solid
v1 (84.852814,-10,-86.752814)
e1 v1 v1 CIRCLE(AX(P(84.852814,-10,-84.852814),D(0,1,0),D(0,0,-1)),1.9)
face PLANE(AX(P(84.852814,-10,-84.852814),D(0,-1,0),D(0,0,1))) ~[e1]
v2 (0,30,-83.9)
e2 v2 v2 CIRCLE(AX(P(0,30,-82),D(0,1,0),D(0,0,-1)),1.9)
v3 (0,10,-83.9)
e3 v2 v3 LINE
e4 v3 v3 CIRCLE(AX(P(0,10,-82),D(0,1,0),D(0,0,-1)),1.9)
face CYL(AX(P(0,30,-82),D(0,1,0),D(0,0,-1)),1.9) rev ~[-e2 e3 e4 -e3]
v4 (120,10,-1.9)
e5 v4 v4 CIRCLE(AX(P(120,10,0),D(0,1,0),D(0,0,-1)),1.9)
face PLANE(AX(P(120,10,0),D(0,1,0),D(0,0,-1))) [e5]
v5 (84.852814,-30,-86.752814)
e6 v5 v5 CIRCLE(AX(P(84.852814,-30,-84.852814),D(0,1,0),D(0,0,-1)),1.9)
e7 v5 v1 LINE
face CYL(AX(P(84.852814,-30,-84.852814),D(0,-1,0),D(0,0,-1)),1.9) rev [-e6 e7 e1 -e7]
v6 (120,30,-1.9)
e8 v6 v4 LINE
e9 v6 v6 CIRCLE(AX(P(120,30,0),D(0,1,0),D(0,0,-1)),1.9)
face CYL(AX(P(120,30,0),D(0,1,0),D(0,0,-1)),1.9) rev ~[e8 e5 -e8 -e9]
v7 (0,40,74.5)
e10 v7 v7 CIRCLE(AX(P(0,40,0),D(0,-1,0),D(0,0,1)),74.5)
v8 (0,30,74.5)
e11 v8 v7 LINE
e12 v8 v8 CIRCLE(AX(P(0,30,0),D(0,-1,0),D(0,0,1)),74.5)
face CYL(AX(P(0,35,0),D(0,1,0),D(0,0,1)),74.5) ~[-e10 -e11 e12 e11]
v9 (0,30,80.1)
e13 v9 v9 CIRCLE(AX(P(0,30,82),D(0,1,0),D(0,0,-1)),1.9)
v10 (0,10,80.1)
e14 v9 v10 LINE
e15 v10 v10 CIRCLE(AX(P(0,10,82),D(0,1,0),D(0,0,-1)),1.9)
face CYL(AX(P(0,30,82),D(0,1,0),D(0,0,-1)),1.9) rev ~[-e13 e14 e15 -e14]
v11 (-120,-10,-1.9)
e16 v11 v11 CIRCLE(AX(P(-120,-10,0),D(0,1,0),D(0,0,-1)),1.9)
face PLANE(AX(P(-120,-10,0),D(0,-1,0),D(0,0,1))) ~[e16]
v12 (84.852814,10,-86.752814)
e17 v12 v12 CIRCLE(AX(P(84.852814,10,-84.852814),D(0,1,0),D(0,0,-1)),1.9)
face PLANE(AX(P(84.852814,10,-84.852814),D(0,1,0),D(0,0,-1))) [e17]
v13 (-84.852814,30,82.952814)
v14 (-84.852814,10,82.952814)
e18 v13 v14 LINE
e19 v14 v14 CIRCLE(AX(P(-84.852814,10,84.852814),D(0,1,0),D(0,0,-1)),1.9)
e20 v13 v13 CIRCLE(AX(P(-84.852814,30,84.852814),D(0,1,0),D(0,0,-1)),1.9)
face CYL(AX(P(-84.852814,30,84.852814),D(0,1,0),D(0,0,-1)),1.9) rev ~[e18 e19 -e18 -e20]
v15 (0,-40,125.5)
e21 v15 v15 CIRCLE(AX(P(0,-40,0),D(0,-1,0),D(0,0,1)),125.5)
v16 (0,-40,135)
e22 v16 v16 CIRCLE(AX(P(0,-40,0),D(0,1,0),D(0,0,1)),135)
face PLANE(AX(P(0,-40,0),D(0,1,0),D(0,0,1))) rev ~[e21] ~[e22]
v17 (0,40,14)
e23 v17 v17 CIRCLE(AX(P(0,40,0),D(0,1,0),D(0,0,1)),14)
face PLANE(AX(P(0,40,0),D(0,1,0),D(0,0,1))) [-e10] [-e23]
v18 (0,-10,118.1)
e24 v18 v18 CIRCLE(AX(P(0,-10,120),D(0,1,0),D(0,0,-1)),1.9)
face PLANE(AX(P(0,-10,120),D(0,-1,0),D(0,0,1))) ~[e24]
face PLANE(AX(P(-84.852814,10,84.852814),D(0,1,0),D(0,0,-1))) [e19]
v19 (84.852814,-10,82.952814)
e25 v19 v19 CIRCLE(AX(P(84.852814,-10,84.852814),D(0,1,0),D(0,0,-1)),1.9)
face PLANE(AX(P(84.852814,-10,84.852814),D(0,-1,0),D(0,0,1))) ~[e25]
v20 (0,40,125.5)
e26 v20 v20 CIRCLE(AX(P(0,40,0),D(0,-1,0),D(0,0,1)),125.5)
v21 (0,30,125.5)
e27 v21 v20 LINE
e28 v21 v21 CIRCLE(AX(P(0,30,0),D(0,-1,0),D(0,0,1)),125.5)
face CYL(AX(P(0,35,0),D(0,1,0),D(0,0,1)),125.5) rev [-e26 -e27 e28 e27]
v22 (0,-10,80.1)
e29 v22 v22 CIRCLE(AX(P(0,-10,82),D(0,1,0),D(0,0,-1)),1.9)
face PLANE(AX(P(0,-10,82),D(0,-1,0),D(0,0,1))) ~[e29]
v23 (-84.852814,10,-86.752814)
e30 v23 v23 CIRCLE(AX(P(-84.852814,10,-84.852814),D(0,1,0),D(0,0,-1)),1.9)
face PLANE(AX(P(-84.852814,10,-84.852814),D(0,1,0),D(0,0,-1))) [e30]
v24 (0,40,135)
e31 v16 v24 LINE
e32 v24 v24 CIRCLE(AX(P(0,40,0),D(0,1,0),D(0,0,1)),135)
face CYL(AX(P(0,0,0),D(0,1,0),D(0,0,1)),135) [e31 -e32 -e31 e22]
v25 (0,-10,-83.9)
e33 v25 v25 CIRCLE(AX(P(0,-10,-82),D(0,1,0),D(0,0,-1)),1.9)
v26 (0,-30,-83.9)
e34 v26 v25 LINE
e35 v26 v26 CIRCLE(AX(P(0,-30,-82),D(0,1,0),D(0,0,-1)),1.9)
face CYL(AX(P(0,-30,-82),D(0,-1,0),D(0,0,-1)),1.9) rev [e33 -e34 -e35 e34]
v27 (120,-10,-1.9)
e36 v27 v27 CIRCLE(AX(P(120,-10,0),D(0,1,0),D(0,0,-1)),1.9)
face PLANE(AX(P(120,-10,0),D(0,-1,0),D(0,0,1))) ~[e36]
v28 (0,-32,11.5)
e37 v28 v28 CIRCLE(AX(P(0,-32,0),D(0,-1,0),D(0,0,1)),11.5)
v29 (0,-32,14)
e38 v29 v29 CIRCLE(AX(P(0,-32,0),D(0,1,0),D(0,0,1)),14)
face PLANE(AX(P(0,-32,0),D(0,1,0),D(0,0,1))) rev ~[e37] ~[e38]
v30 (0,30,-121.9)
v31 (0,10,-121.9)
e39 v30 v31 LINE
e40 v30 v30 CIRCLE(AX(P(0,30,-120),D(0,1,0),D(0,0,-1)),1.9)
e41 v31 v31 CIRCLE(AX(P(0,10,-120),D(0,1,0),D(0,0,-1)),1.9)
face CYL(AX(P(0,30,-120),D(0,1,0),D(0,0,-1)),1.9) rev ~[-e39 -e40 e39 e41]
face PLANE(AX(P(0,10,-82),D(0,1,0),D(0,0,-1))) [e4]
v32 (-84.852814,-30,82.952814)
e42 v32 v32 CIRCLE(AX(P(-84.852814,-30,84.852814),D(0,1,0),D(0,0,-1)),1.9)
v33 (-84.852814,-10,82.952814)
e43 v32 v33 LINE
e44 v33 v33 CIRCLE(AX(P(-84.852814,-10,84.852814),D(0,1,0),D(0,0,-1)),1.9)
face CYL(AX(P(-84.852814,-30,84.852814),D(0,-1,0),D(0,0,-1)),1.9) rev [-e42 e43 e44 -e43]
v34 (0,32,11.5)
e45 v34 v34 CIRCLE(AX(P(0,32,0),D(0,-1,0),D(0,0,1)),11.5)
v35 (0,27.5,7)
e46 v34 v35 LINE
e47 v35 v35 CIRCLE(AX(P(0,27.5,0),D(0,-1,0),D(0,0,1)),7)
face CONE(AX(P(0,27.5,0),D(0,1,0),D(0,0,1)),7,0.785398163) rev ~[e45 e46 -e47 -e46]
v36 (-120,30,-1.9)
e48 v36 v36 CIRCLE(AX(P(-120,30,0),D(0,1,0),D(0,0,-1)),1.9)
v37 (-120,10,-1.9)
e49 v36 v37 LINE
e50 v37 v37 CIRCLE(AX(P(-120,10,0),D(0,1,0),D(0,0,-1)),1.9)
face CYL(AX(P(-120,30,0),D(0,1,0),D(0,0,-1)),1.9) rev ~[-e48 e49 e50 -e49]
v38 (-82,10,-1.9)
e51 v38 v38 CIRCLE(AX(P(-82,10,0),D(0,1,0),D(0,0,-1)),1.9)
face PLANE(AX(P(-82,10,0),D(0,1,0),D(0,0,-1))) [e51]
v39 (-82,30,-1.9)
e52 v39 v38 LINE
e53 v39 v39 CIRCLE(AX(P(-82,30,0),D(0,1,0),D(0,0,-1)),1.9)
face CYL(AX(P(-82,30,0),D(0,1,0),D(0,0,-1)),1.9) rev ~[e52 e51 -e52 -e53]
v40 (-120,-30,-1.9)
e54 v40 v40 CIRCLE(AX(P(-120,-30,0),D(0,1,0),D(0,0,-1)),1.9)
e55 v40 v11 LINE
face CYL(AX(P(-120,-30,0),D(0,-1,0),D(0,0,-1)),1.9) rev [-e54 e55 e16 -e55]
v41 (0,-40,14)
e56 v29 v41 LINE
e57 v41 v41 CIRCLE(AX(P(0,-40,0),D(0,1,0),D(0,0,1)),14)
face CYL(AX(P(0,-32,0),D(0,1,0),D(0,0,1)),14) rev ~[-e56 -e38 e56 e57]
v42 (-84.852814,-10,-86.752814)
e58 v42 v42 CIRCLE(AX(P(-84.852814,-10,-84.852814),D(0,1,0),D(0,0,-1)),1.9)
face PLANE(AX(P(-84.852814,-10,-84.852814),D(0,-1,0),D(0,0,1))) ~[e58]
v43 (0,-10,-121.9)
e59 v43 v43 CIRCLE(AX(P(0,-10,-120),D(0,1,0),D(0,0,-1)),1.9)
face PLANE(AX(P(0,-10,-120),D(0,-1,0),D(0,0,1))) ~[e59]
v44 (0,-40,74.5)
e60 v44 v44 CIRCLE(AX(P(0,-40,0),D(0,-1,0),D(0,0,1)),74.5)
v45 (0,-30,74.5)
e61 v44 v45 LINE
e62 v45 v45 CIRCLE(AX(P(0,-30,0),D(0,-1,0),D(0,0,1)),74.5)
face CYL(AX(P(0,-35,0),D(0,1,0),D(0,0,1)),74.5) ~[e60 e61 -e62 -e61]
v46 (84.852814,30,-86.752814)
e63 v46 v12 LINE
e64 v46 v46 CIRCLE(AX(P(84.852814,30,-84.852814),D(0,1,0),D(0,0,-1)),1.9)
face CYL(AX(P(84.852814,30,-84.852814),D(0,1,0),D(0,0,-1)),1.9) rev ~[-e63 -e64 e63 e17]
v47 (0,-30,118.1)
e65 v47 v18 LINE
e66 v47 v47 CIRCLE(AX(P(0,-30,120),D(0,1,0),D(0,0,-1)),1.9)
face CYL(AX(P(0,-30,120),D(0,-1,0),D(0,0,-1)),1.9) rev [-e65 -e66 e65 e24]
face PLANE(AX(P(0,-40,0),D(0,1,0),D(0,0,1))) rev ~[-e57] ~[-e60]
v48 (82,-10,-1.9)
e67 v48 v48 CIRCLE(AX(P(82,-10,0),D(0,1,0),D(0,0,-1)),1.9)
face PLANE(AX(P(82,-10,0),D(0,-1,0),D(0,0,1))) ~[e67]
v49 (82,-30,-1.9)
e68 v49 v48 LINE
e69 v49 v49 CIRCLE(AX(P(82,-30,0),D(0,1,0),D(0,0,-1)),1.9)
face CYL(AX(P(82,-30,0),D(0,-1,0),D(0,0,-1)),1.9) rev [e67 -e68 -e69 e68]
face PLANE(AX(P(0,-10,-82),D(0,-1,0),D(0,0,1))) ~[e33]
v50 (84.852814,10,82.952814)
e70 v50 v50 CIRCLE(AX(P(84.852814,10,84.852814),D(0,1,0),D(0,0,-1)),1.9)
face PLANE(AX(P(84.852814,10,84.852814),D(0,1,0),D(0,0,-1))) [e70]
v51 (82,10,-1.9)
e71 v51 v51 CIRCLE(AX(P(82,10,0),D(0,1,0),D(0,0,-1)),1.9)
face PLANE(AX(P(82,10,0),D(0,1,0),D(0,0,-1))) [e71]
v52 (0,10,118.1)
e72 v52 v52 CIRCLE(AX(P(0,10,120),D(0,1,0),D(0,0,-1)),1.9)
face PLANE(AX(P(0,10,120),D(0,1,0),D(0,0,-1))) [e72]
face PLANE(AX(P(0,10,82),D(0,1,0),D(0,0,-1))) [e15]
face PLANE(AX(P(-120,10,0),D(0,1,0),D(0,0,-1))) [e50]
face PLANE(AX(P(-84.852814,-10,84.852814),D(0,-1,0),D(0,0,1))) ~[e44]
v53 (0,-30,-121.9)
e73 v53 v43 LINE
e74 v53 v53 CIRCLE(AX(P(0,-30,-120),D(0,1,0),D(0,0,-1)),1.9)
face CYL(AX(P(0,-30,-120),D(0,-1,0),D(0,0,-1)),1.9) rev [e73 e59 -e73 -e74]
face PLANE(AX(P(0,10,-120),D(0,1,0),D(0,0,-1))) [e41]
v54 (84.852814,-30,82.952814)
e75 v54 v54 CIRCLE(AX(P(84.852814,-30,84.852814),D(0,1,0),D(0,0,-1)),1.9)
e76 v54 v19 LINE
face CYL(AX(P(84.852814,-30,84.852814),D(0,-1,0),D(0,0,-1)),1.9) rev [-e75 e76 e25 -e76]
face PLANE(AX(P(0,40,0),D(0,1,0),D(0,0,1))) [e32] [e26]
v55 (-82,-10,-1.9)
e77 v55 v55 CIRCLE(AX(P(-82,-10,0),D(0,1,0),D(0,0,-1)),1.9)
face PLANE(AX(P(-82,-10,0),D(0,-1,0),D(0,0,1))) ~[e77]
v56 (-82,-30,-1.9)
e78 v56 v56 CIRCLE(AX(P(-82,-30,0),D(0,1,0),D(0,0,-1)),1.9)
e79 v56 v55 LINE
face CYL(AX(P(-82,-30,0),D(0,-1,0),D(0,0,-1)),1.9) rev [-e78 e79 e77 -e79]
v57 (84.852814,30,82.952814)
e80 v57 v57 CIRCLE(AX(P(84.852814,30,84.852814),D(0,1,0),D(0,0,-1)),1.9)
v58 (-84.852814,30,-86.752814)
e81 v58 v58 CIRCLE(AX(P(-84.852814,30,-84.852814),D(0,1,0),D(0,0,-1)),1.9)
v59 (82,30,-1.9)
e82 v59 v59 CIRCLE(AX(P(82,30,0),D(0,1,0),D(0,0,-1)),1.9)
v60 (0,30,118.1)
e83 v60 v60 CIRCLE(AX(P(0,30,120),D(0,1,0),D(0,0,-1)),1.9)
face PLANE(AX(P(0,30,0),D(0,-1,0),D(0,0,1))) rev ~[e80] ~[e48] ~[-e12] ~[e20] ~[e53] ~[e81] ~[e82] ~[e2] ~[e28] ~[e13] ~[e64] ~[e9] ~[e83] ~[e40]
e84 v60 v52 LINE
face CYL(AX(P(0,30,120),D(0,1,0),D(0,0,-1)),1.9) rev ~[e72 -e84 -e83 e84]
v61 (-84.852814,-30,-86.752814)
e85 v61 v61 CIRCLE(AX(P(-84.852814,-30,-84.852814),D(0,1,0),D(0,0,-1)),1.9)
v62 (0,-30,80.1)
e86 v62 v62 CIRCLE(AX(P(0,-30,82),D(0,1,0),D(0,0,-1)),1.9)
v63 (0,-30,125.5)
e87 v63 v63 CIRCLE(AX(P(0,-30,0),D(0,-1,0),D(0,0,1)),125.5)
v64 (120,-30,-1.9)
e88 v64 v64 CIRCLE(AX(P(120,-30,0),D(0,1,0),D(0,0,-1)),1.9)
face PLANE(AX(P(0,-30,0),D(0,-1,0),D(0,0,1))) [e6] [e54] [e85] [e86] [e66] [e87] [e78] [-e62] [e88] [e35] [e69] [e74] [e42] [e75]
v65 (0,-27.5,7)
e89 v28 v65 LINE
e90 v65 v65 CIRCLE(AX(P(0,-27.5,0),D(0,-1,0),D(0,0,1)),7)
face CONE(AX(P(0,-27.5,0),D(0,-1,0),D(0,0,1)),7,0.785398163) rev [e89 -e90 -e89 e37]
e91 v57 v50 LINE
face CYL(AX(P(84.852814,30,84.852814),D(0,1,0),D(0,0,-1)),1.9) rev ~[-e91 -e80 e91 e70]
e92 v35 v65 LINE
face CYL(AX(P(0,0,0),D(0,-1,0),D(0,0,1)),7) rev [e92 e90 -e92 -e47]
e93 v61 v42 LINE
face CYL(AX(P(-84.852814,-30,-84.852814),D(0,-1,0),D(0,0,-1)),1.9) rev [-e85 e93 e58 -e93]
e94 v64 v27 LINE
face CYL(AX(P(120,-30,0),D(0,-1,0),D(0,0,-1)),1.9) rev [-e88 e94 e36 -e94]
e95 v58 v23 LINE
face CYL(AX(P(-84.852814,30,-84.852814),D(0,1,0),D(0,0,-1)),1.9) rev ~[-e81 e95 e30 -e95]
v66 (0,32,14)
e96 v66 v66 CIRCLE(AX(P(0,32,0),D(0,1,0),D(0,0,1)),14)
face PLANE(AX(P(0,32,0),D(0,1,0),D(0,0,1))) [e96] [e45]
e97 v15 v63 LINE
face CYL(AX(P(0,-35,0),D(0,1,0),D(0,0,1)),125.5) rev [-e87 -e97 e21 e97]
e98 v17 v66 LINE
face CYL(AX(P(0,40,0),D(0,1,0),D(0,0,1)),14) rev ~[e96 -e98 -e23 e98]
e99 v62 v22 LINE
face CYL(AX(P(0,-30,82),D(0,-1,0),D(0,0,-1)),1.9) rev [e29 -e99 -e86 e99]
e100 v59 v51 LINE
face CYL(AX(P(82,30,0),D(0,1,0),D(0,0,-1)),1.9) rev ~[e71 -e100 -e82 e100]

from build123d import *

# Parameters (mm, degrees)
SKETCH1_R           = 135
SKETCH1_R_2         = 7
BOSS_EXTRUDE1_DEPTH = 40
SKETCH2_R           = 14
CUT_EXTRUDE1_DEPTH  = 8
CUT_EXTRUDE2_START  = -72
SKETCH2_3_R         = 14
CUT_EXTRUDE2_DEPTH  = 8
CHAMFER1_SIZE       = 4.5
SKETCH3_W           = 51
SKETCH3_H           = 10
CUT_EXTRUDE3_START  = 30
SKETCH1_3_R         = 1.9
CUT_EXTRUDE3_DEPTH  = 20


with BuildPart() as part:
    # Sketch1 → Boss-Extrude1 (new, symmetric)
    with BuildSketch(Plane(origin=(0, 0, 0), x_dir=(1, 0, 0), z_dir=(0, 1, 0))):
        with Locations(Location((0, 0, 0), (0, 0, 270))):
            Circle(SKETCH1_R)
        with Locations(Location((0, 0, 0), (0, 0, 270))):
            Circle(SKETCH1_R_2, mode=Mode.SUBTRACT)
    extrude(amount=BOSS_EXTRUDE1_DEPTH, both=True)

    # Sketch2 → Cut-Extrude1 (cut)
    with BuildSketch(Plane(origin=(0, 40, 0), x_dir=(1, 0, 0), z_dir=(0, 1, 0))):
        with Locations(Location((0, 0, 0), (0, 0, 270))):
            Circle(SKETCH2_R)
    extrude(amount=-CUT_EXTRUDE1_DEPTH, mode=Mode.SUBTRACT)

    # Sketch2<3> → Cut-Extrude2 (cut)
    with BuildSketch(Plane(origin=(0, 40, 0), x_dir=(1, 0, 0), z_dir=(0, 1, 0)).offset(CUT_EXTRUDE2_START)):
        with Locations(Location((0, 0, 0), (0, 0, 270))):
            Circle(SKETCH2_3_R)
    extrude(amount=-CUT_EXTRUDE2_DEPTH, mode=Mode.SUBTRACT)

    # Chamfer1
    chamfer1_edges = [part.edges().sort_by_distance(p)[0] for p in [
        (0, 32, -7),
        (0, -32, -7),
    ]]
    chamfer(chamfer1_edges, length=CHAMFER1_SIZE)

    # Sketch3 → Cut-Revolve1 (revolve, cut)
    with BuildSketch(Plane(origin=(0, 0, 0), x_dir=(0, 0, -1), z_dir=(1, 0, 0))):
        with Locations((-100, 35)):
            Rectangle(SKETCH3_W, SKETCH3_H)
        with Locations((-100, -35)):
            Rectangle(SKETCH3_W, SKETCH3_H)
    revolve(axis=Axis((0, 58.925226038, 0), (0, -1, 0)), mode=Mode.SUBTRACT)

    # Sketch1<3> → Cut-Extrude3 (cut)
    with BuildSketch(Plane(origin=(0, 0, 0), x_dir=(1, 0, 0), z_dir=(0, 1, 0)).offset(CUT_EXTRUDE3_START)):
        with Locations(Location((0, 120, 0), (0, 0, 90))):
            Circle(SKETCH1_3_R)
        with Locations(Location((84.852813742, 84.852813742, 0), (0, 0, 90))):
            Circle(SKETCH1_3_R)
        with Locations(Location((120, 0, 0), (0, 0, 90))):
            Circle(SKETCH1_3_R)
        with Locations(Location((84.852813742, -84.852813742, 0), (0, 0, 90))):
            Circle(SKETCH1_3_R)
        with Locations(Location((0, -120, 0), (0, 0, 90))):
            Circle(SKETCH1_3_R)
        with Locations(Location((-84.852813742, -84.852813742, 0), (0, 0, 90))):
            Circle(SKETCH1_3_R)
        with Locations(Location((-120, 0, 0), (0, 0, 90))):
            Circle(SKETCH1_3_R)
        with Locations(Location((-84.852813742, 84.852813742, 0), (0, 0, 90))):
            Circle(SKETCH1_3_R)
        with Locations(Location((0, 82, 0), (0, 0, 90))):
            Circle(SKETCH1_3_R)
        with Locations(Location((82, 0, 0), (0, 0, 90))):
            Circle(SKETCH1_3_R)
        with Locations(Location((0, -82, 0), (0, 0, 90))):
            Circle(SKETCH1_3_R)
        with Locations(Location((-82, 0, 0), (0, 0, 90))):
            Circle(SKETCH1_3_R)
    cut_extrude3 = extrude(amount=-CUT_EXTRUDE3_DEPTH, mode=Mode.SUBTRACT)

    # Mirror1: Cut-Extrude3 across plane
    add(cut_extrude3.mirror(Plane.ZX), mode=Mode.SUBTRACT)


solid = part.part
